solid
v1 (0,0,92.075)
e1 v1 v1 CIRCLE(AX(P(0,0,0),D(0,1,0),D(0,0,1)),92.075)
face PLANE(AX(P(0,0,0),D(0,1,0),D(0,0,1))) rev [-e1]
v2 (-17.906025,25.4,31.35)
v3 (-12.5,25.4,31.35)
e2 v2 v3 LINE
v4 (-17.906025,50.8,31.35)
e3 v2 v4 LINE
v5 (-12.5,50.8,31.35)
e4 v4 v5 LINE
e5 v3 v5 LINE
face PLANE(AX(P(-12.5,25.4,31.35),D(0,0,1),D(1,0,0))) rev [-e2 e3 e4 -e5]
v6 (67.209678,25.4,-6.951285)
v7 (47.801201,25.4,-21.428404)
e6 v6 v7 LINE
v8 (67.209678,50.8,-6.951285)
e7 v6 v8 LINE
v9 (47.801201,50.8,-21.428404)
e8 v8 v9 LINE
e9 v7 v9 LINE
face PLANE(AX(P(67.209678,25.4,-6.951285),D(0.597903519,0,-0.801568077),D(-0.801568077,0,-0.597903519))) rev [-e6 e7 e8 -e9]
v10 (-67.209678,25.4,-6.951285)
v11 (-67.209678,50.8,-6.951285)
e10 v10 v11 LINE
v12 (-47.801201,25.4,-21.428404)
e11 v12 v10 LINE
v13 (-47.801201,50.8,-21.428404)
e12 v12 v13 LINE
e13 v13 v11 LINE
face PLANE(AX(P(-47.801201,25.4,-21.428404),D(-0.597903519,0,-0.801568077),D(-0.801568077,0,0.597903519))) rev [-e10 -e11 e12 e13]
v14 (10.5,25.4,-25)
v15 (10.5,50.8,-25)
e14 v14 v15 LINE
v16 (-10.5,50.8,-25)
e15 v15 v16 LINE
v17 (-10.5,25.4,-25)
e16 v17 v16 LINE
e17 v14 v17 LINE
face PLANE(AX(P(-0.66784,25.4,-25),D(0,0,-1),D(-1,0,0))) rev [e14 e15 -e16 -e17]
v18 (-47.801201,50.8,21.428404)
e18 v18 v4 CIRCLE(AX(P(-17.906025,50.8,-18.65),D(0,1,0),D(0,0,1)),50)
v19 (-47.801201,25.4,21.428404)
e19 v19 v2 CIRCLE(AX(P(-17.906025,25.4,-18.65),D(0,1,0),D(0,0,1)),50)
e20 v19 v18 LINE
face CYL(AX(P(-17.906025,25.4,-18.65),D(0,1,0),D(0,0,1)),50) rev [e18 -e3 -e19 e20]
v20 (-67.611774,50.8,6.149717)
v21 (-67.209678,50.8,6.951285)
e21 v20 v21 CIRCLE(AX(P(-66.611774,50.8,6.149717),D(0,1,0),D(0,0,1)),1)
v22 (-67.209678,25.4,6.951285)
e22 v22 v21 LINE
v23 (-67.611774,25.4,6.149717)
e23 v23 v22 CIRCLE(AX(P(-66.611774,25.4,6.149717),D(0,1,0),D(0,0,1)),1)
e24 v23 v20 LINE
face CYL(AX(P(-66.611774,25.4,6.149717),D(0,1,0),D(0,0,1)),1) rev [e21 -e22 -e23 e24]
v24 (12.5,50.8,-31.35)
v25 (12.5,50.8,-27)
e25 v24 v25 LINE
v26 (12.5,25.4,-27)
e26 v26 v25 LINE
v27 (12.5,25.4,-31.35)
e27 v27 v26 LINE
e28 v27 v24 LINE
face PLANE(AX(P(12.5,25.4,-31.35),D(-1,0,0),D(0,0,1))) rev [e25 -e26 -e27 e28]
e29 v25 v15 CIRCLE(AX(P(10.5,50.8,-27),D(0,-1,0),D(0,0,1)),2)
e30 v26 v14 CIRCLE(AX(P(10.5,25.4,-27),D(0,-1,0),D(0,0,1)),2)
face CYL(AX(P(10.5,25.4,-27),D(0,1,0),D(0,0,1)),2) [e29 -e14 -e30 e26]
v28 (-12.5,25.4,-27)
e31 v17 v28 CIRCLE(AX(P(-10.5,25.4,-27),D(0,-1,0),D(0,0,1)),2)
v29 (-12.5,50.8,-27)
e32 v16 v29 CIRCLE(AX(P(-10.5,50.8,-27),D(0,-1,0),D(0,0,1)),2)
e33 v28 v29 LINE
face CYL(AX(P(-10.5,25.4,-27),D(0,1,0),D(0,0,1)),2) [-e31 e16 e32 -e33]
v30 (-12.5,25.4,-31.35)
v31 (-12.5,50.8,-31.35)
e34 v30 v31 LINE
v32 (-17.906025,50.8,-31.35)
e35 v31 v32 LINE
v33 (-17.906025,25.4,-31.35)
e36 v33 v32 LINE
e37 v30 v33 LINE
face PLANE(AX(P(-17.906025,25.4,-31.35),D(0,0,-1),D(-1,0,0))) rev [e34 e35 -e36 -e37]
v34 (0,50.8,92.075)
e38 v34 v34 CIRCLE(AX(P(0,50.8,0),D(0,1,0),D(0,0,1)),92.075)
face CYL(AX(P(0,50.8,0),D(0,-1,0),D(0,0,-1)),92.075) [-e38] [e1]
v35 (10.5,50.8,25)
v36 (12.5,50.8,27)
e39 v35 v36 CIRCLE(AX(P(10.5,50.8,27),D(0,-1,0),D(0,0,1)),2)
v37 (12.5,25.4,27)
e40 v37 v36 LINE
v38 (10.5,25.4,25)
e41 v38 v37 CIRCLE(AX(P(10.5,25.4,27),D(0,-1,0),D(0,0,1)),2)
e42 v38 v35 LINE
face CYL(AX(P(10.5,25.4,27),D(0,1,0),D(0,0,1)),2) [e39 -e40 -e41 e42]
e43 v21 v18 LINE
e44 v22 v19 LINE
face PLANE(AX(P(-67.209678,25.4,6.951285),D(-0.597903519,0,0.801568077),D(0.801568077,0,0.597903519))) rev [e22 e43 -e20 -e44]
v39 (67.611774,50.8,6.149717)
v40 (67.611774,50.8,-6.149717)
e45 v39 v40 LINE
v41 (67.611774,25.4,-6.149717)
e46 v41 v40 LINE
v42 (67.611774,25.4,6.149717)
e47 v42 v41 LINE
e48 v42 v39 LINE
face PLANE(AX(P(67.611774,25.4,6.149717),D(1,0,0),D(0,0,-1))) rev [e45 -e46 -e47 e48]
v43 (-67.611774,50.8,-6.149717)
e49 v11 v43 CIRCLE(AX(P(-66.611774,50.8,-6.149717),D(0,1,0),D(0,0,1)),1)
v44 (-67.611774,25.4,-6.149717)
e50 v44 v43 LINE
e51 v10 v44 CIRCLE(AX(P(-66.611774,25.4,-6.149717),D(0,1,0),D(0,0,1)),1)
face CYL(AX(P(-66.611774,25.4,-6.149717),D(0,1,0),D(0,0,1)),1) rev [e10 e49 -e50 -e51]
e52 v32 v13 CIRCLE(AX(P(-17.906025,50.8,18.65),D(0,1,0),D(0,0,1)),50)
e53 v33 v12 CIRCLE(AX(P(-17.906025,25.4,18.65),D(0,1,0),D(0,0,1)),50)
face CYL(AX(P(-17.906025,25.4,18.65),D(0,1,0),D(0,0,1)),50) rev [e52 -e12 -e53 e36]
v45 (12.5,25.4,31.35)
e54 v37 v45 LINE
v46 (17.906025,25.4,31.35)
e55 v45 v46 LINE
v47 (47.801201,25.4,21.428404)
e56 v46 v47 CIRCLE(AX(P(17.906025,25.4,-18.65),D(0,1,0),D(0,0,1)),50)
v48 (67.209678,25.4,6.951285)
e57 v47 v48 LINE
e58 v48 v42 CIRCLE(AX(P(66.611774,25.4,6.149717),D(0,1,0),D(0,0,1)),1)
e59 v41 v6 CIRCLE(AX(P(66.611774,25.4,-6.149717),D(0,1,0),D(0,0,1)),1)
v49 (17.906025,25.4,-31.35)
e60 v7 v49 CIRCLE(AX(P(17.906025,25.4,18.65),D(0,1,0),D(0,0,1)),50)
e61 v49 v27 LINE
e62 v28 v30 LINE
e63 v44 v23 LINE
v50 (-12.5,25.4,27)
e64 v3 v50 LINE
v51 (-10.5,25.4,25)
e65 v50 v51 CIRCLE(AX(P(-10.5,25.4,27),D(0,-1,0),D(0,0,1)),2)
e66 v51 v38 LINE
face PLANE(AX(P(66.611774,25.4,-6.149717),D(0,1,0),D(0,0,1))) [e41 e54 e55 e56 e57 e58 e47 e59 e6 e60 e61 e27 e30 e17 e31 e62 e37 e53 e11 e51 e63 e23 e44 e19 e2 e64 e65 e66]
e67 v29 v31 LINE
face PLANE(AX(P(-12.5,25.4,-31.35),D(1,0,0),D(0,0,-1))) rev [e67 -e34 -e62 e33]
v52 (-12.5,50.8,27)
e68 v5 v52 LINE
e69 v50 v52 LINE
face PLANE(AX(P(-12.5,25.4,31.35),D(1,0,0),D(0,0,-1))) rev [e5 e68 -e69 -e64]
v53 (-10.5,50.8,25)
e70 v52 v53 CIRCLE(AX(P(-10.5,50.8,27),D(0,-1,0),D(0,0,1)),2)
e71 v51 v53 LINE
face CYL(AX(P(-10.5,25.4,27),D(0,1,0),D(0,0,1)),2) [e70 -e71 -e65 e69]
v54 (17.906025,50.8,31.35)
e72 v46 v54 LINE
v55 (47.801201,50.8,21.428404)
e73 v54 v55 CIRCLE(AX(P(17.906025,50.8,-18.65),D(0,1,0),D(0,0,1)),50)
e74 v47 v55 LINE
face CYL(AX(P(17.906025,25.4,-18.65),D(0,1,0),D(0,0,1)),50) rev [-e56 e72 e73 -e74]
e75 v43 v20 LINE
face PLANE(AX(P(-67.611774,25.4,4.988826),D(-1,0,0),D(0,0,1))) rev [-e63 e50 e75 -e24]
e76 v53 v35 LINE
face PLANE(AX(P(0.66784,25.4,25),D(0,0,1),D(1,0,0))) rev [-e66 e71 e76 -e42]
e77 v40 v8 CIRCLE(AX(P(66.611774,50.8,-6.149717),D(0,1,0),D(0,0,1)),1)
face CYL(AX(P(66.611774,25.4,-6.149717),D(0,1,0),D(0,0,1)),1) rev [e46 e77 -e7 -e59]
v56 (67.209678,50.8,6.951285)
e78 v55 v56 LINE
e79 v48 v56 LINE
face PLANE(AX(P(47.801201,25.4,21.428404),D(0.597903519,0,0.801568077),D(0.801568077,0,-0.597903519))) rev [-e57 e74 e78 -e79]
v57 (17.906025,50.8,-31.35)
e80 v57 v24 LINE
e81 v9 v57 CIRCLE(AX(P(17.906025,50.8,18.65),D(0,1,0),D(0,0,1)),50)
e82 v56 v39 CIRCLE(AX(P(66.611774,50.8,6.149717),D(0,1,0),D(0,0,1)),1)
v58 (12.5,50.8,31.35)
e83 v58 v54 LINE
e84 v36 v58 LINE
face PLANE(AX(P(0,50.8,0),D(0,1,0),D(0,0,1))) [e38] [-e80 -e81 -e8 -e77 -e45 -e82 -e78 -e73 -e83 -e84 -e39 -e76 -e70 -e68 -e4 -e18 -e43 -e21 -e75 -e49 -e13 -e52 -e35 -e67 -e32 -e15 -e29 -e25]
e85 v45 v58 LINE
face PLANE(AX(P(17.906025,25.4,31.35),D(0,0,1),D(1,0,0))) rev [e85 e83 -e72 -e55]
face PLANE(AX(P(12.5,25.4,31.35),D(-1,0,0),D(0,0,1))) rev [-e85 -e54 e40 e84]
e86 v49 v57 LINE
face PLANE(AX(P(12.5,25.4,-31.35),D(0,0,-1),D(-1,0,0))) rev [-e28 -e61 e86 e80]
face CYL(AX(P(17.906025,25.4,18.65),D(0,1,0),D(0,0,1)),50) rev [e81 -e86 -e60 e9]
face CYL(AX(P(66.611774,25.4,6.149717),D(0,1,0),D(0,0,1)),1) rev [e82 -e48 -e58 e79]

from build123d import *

# Parameters (mm, degrees)
SKETCH1_R           = 92.075
BOSS_EXTRUDE1_DEPTH = 50.8
CUT_EXTRUDE1_DEPTH  = 25.4


with BuildPart() as part:
    # Sketch1 → Boss-Extrude1 (new body)
    with BuildSketch(Plane(origin=(0, 0, 0), x_dir=(1, 0, 0), z_dir=(0, 1, 0))):
        with Locations(Location((0, 0, 0), (0, 0, 270))):
            Circle(SKETCH1_R)
    extrude(amount=BOSS_EXTRUDE1_DEPTH)

    # Sketch2 → Cut-Extrude1 (cut)
    with BuildSketch(Plane(origin=(0, 50.8, 0), x_dir=(1, 0, 0), z_dir=(0, 1, 0))):
        with BuildLine():
            Line((-67.611774054, 6.149716593), (-67.611774054, 4.988825845))
            Line((-67.611774054, 4.988825845), (-67.611774054, -4.988825845))
            Line((-67.611774054, -4.988825845), (-67.611774054, -6.149716593))
            ThreePointArc((-67.611774054, -6.149716593), (-67.505615069, -6.598100625), (-67.209677573, -6.95128467))
            Line((-67.209677573, -6.95128467), (-47.801200772, -21.428403847))
            ThreePointArc((-47.801200772, -21.428403847), (-33.655307467, -28.804821632), (-17.906024822, -31.35))
            Line((-17.906024822, -31.35), (-12.5, -31.35))
            Line((-12.5, -31.35), (-12.5, -27))
            ThreePointArc((-12.5, -27), (-11.914213562, -25.585786438), (-10.5, -25))
            Line((-10.5, -25), (-0.667840434, -25))
            Line((-0.667840434, -25), (0.667840434, -25))
            Line((0.667840434, -25), (10.5, -25))
            ThreePointArc((10.5, -25), (11.914213562, -25.585786438), (12.5, -27))
            Line((12.5, -27), (12.5, -31.35))
            Line((12.5, -31.35), (17.906024822, -31.35))
            ThreePointArc((17.906024822, -31.35), (33.655307467, -28.804821632), (47.801200772, -21.428403847))
            Line((47.801200772, -21.428403847), (67.209677573, -6.95128467))
            ThreePointArc((67.209677573, -6.95128467), (67.505615069, -6.598100625), (67.611774054, -6.149716593))
            Line((67.611774054, -6.149716593), (67.611774054, -4.988825845))
            Line((67.611774054, -4.988825845), (67.611774054, 4.988825845))
            Line((67.611774054, 4.988825845), (67.611774054, 6.149716593))
            ThreePointArc((67.611774054, 6.149716593), (67.505615069, 6.598100625), (67.209677573, 6.95128467))
            Line((67.209677573, 6.95128467), (47.801200772, 21.428403847))
            ThreePointArc((47.801200772, 21.428403847), (33.655307467, 28.804821632), (17.906024822, 31.35))
            Line((17.906024822, 31.35), (12.5, 31.35))
            Line((12.5, 31.35), (12.5, 27))
            ThreePointArc((12.5, 27), (11.914213562, 25.585786438), (10.5, 25))
            Line((10.5, 25), (0.667840434, 25))
            Line((0.667840434, 25), (-0.667840434, 25))
            Line((-0.667840434, 25), (-10.5, 25))
            ThreePointArc((-10.5, 25), (-11.914213562, 25.585786438), (-12.5, 27))
            Line((-12.5, 27), (-12.5, 31.35))
            Line((-12.5, 31.35), (-17.906024822, 31.35))
            ThreePointArc((-17.906024822, 31.35), (-33.655307467, 28.804821632), (-47.801200772, 21.428403847))
            Line((-47.801200772, 21.428403847), (-67.209677573, 6.95128467))
            ThreePointArc((-67.209677573, 6.95128467), (-67.505615069, 6.598100625), (-67.611774054, 6.149716593))
        make_face()
    extrude(amount=-CUT_EXTRUDE1_DEPTH, mode=Mode.SUBTRACT)


solid = part.part
